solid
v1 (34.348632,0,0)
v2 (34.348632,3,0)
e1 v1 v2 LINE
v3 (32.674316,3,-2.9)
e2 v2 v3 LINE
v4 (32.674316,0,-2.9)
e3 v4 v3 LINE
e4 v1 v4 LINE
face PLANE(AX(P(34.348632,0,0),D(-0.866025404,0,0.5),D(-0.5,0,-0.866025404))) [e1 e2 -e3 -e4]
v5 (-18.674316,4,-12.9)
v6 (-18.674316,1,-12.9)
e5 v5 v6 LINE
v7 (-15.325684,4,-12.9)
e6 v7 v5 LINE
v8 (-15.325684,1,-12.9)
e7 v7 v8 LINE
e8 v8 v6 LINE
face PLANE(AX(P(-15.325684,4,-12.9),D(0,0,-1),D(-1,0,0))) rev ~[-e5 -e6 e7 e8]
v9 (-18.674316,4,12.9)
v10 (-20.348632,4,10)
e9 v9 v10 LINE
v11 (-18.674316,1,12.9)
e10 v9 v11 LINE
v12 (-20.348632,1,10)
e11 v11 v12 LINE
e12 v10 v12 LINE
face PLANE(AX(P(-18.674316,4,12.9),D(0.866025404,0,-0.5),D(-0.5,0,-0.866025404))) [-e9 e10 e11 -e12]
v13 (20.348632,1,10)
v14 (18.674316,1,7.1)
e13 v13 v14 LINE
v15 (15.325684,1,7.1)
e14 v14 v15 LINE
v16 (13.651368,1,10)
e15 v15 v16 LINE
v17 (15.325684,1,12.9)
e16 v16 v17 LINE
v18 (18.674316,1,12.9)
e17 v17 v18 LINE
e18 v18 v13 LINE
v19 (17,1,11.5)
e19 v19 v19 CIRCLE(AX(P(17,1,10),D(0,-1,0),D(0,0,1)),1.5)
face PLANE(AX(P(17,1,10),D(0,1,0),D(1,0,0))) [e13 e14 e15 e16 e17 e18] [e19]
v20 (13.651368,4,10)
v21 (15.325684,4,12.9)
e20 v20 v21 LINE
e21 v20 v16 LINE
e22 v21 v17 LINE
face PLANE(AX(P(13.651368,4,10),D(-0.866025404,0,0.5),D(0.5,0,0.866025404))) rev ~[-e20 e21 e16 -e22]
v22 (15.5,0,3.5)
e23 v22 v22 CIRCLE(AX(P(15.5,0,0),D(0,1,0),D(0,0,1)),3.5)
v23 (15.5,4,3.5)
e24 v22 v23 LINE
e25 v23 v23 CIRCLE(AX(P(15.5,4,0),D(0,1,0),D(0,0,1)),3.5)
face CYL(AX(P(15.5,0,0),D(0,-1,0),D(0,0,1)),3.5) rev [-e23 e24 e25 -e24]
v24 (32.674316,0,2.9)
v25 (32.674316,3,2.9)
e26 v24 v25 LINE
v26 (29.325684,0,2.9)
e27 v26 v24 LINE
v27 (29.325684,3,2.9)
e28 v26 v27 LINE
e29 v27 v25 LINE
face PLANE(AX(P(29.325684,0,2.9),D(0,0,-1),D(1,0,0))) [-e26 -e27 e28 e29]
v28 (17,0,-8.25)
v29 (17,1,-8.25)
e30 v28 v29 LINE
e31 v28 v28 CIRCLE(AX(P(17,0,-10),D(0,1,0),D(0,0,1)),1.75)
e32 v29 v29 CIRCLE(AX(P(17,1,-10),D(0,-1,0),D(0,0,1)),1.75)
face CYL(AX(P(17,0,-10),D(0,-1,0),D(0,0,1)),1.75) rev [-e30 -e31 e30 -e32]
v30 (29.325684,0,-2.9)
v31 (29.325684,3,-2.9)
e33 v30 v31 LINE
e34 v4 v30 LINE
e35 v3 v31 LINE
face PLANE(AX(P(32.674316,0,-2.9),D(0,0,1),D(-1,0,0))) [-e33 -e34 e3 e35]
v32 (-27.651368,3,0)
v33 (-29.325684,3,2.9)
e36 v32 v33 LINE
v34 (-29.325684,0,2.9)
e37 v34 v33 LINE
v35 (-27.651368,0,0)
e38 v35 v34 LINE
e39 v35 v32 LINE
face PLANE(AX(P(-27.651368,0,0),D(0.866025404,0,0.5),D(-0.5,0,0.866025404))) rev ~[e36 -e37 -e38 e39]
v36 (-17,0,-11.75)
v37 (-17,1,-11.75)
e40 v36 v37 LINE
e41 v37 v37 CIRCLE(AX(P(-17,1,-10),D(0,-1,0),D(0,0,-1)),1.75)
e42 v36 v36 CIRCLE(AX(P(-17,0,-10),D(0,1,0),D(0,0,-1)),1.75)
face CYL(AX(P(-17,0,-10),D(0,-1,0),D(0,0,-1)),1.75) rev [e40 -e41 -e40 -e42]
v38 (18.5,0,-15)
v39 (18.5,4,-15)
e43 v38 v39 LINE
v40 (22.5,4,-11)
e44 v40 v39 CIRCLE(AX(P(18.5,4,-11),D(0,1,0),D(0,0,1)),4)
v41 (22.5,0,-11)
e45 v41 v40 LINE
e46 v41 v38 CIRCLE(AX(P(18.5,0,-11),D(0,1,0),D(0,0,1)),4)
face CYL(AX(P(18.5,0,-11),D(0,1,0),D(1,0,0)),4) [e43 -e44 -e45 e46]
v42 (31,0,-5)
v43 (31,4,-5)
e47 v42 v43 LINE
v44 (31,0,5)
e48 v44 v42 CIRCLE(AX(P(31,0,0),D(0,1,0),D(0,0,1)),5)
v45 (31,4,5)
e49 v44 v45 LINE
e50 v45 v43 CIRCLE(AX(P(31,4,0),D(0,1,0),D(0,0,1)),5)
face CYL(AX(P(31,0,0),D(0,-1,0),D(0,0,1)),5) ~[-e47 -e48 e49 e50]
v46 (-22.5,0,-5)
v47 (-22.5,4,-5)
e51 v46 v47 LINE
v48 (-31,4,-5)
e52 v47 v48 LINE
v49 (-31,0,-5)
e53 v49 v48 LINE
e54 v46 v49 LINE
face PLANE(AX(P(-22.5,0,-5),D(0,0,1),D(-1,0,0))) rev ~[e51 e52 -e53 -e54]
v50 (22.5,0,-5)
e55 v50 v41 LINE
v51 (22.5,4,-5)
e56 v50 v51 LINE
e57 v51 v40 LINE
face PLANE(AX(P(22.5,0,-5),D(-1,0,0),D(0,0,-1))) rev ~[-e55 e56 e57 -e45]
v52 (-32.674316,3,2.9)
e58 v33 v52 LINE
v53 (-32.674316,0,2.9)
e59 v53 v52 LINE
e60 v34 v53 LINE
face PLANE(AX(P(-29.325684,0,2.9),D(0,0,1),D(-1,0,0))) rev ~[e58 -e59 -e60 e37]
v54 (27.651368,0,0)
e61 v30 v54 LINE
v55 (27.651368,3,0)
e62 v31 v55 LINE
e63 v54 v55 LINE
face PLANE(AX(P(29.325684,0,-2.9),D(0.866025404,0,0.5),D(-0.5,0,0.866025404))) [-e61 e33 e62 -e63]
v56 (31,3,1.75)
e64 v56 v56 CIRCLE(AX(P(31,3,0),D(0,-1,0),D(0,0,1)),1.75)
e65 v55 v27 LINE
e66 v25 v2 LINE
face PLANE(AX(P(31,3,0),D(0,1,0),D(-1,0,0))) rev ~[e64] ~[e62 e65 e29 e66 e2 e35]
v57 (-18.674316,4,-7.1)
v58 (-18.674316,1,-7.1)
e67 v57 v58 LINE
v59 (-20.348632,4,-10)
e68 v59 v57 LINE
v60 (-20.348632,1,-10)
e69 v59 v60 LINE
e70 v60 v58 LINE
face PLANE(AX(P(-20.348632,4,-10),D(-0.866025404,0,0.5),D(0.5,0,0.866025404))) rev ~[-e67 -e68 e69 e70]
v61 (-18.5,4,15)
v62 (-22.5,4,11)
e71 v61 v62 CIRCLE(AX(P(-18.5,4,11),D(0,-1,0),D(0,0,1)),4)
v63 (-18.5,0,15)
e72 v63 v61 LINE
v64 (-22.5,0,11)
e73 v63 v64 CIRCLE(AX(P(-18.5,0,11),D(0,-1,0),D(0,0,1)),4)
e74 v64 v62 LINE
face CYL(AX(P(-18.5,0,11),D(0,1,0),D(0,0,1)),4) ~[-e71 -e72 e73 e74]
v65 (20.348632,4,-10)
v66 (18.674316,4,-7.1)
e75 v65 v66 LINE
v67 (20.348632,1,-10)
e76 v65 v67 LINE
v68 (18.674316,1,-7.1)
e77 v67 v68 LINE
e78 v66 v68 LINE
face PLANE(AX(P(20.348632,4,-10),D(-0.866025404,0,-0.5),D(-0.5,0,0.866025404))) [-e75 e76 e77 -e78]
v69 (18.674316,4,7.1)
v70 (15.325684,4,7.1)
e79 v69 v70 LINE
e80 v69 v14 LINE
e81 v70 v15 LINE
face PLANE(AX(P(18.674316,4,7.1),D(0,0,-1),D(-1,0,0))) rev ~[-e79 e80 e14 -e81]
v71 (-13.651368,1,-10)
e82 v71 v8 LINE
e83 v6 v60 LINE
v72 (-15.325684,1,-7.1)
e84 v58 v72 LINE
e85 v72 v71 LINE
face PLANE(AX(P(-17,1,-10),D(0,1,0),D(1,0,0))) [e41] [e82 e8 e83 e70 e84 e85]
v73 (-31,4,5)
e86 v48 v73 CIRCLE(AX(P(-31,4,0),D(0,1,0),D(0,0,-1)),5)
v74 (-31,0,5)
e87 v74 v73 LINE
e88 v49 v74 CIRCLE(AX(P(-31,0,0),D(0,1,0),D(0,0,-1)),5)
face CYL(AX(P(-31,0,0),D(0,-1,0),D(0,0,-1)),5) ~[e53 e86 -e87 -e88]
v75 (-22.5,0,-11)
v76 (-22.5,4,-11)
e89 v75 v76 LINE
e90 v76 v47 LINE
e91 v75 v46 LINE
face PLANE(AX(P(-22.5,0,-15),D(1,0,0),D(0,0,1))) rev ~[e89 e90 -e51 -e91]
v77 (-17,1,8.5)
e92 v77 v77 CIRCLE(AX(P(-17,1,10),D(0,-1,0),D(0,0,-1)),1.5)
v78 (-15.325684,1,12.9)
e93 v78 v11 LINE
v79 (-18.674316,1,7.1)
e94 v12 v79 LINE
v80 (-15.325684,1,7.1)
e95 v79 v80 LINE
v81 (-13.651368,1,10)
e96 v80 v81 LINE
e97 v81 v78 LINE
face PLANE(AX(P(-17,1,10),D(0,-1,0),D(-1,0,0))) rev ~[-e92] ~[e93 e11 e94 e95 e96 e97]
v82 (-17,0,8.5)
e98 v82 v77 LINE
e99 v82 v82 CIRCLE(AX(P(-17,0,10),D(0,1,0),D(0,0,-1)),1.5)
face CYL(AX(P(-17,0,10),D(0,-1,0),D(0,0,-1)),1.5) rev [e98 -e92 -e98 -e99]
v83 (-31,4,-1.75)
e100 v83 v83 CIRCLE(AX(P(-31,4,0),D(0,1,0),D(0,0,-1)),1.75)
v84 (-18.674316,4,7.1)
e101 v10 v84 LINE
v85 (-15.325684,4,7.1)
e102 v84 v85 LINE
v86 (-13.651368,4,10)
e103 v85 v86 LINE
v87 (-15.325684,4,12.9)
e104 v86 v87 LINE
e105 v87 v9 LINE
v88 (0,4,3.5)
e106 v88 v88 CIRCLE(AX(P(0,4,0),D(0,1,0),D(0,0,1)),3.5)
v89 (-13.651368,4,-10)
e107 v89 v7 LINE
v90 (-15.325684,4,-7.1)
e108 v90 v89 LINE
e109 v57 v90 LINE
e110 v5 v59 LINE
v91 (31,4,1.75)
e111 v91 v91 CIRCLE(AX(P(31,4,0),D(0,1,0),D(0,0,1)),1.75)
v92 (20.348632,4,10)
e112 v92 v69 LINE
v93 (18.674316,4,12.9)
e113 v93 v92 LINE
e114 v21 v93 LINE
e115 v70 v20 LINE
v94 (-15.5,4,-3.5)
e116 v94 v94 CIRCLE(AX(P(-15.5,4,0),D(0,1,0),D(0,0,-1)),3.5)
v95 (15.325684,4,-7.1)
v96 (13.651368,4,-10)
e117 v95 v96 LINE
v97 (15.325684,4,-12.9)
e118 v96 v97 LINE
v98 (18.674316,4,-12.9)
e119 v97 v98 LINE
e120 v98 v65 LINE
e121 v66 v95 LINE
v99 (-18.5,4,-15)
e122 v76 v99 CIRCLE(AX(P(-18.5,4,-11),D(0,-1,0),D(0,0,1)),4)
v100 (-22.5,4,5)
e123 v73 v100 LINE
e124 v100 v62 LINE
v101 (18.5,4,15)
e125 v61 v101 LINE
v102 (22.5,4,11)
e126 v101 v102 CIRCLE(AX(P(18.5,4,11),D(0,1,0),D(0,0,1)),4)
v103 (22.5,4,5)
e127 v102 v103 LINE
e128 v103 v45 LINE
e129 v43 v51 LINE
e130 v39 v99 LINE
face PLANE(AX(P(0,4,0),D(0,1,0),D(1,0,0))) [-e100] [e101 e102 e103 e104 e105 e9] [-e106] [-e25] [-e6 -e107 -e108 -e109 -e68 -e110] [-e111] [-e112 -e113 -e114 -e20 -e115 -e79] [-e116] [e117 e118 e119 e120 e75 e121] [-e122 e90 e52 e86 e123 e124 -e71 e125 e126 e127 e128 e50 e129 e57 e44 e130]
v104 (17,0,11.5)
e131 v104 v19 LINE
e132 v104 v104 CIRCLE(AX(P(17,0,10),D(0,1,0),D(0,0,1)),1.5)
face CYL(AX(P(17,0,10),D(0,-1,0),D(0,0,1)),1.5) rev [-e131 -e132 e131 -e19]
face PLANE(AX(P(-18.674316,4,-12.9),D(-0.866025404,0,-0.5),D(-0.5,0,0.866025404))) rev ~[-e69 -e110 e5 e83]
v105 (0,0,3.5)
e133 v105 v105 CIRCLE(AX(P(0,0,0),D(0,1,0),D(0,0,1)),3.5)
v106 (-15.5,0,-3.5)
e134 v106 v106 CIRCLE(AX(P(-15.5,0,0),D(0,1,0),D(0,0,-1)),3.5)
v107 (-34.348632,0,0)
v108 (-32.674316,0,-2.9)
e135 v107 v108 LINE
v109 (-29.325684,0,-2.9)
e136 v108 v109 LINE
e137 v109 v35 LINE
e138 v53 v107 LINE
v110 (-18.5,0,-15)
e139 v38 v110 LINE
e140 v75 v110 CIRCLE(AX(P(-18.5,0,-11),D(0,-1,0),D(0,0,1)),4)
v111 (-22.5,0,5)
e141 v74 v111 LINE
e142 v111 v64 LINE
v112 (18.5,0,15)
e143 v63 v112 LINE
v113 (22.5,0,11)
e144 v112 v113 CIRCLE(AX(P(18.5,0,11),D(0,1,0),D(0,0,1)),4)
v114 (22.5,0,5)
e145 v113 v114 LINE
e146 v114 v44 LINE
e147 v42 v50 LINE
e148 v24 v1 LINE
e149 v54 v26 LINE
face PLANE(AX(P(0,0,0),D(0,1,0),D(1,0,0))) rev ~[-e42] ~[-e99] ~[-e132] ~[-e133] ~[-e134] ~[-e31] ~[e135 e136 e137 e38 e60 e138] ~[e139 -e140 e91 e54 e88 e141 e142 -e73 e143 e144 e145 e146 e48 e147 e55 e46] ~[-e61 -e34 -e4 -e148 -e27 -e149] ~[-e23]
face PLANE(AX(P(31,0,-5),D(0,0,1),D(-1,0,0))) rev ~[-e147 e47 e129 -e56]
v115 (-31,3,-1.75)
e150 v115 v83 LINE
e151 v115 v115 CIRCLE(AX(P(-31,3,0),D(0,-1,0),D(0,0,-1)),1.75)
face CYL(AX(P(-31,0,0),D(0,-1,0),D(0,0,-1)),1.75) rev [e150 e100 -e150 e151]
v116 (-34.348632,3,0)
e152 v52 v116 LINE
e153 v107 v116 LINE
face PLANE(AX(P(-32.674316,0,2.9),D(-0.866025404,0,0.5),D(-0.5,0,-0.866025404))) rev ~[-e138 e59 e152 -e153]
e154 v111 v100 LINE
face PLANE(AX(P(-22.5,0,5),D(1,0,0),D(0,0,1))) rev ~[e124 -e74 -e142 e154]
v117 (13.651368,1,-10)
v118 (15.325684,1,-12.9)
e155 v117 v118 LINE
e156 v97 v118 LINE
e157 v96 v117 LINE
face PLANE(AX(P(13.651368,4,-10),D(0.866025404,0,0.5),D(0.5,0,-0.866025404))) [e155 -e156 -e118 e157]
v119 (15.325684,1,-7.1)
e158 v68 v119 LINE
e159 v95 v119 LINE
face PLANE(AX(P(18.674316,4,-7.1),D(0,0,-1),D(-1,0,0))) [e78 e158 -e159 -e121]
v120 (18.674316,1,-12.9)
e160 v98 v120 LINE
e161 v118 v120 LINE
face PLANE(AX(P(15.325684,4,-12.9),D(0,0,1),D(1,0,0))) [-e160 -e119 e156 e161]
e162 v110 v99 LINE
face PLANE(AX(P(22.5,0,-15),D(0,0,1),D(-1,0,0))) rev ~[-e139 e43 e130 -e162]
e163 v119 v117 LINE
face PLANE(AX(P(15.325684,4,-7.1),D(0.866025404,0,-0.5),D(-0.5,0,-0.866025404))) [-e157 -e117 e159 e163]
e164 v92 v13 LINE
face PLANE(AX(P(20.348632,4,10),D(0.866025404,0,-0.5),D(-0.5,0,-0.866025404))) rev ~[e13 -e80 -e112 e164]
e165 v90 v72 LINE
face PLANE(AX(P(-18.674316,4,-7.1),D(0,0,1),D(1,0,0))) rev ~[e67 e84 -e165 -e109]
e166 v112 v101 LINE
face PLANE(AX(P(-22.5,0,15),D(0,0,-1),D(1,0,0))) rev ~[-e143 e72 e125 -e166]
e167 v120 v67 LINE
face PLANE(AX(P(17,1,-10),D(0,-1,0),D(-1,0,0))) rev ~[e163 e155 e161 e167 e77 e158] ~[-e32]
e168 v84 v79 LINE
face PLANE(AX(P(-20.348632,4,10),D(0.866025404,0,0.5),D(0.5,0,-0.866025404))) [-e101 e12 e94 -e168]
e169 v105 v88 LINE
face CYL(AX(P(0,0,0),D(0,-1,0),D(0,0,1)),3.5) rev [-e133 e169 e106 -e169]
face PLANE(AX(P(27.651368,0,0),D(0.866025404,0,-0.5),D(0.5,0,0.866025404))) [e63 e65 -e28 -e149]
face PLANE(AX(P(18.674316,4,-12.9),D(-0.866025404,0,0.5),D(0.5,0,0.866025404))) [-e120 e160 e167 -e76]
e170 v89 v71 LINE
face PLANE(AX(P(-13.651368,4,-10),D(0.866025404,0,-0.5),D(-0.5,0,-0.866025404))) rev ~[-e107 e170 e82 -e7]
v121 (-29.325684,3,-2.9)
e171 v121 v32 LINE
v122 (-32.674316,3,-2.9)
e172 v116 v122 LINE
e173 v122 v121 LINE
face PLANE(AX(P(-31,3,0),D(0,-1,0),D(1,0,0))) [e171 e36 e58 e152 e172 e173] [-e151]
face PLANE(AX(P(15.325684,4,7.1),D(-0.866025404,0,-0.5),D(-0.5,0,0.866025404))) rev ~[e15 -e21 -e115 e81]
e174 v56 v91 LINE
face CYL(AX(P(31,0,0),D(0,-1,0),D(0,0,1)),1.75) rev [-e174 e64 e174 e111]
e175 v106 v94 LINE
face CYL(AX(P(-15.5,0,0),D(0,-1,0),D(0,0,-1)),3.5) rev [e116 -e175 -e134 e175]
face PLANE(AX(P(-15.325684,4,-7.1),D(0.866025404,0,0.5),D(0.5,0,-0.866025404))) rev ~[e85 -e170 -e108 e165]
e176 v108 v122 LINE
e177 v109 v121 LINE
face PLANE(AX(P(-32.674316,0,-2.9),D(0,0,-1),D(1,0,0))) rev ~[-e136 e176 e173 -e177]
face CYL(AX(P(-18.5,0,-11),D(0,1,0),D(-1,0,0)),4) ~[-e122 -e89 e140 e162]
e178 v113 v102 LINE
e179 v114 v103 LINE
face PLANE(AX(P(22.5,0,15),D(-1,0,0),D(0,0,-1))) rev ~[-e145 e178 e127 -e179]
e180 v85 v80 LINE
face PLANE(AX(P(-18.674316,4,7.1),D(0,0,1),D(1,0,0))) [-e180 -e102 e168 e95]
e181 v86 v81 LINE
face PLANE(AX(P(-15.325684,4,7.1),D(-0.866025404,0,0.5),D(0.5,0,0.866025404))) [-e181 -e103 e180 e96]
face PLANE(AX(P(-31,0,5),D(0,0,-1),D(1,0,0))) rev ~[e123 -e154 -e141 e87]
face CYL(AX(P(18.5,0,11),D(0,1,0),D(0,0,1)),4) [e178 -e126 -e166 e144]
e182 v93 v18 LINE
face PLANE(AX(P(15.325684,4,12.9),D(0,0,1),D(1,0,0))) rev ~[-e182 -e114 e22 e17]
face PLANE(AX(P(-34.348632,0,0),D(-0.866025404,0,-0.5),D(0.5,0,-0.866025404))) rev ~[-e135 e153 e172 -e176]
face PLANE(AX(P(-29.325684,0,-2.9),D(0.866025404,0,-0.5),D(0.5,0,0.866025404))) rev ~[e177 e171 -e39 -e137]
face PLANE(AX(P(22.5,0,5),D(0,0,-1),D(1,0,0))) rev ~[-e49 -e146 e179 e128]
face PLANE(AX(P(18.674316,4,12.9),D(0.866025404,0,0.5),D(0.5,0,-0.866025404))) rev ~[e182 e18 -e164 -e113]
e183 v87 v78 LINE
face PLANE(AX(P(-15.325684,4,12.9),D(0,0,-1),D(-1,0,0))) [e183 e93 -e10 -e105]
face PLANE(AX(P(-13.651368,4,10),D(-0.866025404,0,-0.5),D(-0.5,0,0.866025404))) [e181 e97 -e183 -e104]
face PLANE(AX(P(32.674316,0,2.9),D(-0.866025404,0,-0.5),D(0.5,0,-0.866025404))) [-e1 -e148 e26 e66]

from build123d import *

# Parameters (mm, degrees)
ESBO_O2_R                = 1.75
ESBO_O2_R_2              = 1.5
ESBO_O2_R_3              = 3.5
RESSALTO_EXTRUS_O1_DEPTH = 4
CORTE_EXTRUS_O1_DEPTH    = 3
FILETE1_R                = 4
CORTE_EXTRUS_O2_DEPTH    = 3


with BuildPart() as part:
    # Esboço2 → Ressalto-extrusão1 (new body)
    with BuildSketch(Plane(origin=(0, 0, 0), x_dir=(1, 0, 0), z_dir=(0, 1, 0))):
        with BuildLine():
            Line((-22.5, -15), (22.5, -15))
            Line((22.5, -15), (22.5, -5))
            Line((22.5, -5), (31, -5))
            ThreePointArc((31, -5), (36, 0), (31, 5))
            Line((31, 5), (22.5, 5))
            Line((22.5, 5), (22.5, 15))
            Line((22.5, 15), (-22.5, 15))
            Line((-22.5, 15), (-22.5, 5))
            Line((-22.5, 5), (-31, 5))
            ThreePointArc((-31, 5), (-36, 0), (-31, -5))
            Line((-31, -5), (-22.5, -5))
            Line((-22.5, -5), (-22.5, -15))
        make_face()
        with Locations(Location((17, 10, 0), (0, 0, 270))):
            Circle(ESBO_O2_R, mode=Mode.SUBTRACT)
        with Locations(Location((17, -10, 0), (0, 0, 270))):
            Circle(ESBO_O2_R_2, mode=Mode.SUBTRACT)
        with Locations(Location((-17, -10, 0), (0, 0, 90))):
            Circle(ESBO_O2_R_2, mode=Mode.SUBTRACT)
        with Locations(Location((-17, 10, 0), (0, 0, 90))):
            Circle(ESBO_O2_R, mode=Mode.SUBTRACT)
        with Locations(Location((31, 0, 0), (0, 0, 270))):
            Circle(ESBO_O2_R, mode=Mode.SUBTRACT)
        with Locations(Location((-31, 0, 0), (0, 0, 90))):
            Circle(ESBO_O2_R, mode=Mode.SUBTRACT)
        with Locations(Location((0, 0, 0), (0, 0, 270))):
            Circle(ESBO_O2_R_3, mode=Mode.SUBTRACT)
        with Locations(Location((15.5, 0, 0), (0, 0, 270))):
            Circle(ESBO_O2_R_3, mode=Mode.SUBTRACT)
        with Locations(Location((-15.5, 0, 0), (0, 0, 90))):
            Circle(ESBO_O2_R_3, mode=Mode.SUBTRACT)
    extrude(amount=RESSALTO_EXTRUS_O1_DEPTH)

    # Esboço3 → Corte-extrusão1 (cut)
    with BuildSketch(Plane(origin=(0, 4, 0), x_dir=(1, 0, 0), z_dir=(0, 1, 0))):
        Polygon((-13.651368439, 10), (-15.325684219, 12.9), (-18.674315781, 12.9), (-20.348631561, 10), (-18.674315781, 7.1), (-15.325684219, 7.1), align=None)
        Polygon((-20.348631561, -10), (-18.674315781, -7.1), (-15.325684219, -7.1), (-13.651368439, -10), (-15.325684219, -12.9), (-18.674315781, -12.9), align=None)
        Polygon((18.674315781, -7.1), (15.325684219, -7.1), (13.651368439, -10), (15.325684219, -12.9), (18.674315781, -12.9), (20.348631561, -10), align=None)
        Polygon((15.325684219, 7.1), (13.651368439, 10), (15.325684219, 12.9), (18.674315781, 12.9), (20.348631561, 10), (18.674315781, 7.1), align=None)
    extrude(amount=-CORTE_EXTRUS_O1_DEPTH, mode=Mode.SUBTRACT)

    # Filete1
    filete1_edges = [part.edges().sort_by_distance(p)[0] for p in [
        (22.5, 2, 15),
        (-22.5, 2, 15),
        (-22.5, 2, -15),
        (22.5, 2, -15),
    ]]
    fillet(filete1_edges, radius=FILETE1_R)

    # Esboço6 → Corte-extrusão2 (cut)
    with BuildSketch(Plane.XZ):
        Polygon((-27.651368439, 0), (-29.325684219, 2.9), (-32.674315781, 2.9), (-34.348631561, 0), (-32.674315781, -2.9), (-29.325684219, -2.9), align=None)
        Polygon((29.325684219, -2.9), (27.651368439, 0), (29.325684219, 2.9), (32.674315781, 2.9), (34.348631561, 0), (32.674315781, -2.9), align=None)
    extrude(amount=-CORTE_EXTRUS_O2_DEPTH, mode=Mode.SUBTRACT)


solid = part.part
